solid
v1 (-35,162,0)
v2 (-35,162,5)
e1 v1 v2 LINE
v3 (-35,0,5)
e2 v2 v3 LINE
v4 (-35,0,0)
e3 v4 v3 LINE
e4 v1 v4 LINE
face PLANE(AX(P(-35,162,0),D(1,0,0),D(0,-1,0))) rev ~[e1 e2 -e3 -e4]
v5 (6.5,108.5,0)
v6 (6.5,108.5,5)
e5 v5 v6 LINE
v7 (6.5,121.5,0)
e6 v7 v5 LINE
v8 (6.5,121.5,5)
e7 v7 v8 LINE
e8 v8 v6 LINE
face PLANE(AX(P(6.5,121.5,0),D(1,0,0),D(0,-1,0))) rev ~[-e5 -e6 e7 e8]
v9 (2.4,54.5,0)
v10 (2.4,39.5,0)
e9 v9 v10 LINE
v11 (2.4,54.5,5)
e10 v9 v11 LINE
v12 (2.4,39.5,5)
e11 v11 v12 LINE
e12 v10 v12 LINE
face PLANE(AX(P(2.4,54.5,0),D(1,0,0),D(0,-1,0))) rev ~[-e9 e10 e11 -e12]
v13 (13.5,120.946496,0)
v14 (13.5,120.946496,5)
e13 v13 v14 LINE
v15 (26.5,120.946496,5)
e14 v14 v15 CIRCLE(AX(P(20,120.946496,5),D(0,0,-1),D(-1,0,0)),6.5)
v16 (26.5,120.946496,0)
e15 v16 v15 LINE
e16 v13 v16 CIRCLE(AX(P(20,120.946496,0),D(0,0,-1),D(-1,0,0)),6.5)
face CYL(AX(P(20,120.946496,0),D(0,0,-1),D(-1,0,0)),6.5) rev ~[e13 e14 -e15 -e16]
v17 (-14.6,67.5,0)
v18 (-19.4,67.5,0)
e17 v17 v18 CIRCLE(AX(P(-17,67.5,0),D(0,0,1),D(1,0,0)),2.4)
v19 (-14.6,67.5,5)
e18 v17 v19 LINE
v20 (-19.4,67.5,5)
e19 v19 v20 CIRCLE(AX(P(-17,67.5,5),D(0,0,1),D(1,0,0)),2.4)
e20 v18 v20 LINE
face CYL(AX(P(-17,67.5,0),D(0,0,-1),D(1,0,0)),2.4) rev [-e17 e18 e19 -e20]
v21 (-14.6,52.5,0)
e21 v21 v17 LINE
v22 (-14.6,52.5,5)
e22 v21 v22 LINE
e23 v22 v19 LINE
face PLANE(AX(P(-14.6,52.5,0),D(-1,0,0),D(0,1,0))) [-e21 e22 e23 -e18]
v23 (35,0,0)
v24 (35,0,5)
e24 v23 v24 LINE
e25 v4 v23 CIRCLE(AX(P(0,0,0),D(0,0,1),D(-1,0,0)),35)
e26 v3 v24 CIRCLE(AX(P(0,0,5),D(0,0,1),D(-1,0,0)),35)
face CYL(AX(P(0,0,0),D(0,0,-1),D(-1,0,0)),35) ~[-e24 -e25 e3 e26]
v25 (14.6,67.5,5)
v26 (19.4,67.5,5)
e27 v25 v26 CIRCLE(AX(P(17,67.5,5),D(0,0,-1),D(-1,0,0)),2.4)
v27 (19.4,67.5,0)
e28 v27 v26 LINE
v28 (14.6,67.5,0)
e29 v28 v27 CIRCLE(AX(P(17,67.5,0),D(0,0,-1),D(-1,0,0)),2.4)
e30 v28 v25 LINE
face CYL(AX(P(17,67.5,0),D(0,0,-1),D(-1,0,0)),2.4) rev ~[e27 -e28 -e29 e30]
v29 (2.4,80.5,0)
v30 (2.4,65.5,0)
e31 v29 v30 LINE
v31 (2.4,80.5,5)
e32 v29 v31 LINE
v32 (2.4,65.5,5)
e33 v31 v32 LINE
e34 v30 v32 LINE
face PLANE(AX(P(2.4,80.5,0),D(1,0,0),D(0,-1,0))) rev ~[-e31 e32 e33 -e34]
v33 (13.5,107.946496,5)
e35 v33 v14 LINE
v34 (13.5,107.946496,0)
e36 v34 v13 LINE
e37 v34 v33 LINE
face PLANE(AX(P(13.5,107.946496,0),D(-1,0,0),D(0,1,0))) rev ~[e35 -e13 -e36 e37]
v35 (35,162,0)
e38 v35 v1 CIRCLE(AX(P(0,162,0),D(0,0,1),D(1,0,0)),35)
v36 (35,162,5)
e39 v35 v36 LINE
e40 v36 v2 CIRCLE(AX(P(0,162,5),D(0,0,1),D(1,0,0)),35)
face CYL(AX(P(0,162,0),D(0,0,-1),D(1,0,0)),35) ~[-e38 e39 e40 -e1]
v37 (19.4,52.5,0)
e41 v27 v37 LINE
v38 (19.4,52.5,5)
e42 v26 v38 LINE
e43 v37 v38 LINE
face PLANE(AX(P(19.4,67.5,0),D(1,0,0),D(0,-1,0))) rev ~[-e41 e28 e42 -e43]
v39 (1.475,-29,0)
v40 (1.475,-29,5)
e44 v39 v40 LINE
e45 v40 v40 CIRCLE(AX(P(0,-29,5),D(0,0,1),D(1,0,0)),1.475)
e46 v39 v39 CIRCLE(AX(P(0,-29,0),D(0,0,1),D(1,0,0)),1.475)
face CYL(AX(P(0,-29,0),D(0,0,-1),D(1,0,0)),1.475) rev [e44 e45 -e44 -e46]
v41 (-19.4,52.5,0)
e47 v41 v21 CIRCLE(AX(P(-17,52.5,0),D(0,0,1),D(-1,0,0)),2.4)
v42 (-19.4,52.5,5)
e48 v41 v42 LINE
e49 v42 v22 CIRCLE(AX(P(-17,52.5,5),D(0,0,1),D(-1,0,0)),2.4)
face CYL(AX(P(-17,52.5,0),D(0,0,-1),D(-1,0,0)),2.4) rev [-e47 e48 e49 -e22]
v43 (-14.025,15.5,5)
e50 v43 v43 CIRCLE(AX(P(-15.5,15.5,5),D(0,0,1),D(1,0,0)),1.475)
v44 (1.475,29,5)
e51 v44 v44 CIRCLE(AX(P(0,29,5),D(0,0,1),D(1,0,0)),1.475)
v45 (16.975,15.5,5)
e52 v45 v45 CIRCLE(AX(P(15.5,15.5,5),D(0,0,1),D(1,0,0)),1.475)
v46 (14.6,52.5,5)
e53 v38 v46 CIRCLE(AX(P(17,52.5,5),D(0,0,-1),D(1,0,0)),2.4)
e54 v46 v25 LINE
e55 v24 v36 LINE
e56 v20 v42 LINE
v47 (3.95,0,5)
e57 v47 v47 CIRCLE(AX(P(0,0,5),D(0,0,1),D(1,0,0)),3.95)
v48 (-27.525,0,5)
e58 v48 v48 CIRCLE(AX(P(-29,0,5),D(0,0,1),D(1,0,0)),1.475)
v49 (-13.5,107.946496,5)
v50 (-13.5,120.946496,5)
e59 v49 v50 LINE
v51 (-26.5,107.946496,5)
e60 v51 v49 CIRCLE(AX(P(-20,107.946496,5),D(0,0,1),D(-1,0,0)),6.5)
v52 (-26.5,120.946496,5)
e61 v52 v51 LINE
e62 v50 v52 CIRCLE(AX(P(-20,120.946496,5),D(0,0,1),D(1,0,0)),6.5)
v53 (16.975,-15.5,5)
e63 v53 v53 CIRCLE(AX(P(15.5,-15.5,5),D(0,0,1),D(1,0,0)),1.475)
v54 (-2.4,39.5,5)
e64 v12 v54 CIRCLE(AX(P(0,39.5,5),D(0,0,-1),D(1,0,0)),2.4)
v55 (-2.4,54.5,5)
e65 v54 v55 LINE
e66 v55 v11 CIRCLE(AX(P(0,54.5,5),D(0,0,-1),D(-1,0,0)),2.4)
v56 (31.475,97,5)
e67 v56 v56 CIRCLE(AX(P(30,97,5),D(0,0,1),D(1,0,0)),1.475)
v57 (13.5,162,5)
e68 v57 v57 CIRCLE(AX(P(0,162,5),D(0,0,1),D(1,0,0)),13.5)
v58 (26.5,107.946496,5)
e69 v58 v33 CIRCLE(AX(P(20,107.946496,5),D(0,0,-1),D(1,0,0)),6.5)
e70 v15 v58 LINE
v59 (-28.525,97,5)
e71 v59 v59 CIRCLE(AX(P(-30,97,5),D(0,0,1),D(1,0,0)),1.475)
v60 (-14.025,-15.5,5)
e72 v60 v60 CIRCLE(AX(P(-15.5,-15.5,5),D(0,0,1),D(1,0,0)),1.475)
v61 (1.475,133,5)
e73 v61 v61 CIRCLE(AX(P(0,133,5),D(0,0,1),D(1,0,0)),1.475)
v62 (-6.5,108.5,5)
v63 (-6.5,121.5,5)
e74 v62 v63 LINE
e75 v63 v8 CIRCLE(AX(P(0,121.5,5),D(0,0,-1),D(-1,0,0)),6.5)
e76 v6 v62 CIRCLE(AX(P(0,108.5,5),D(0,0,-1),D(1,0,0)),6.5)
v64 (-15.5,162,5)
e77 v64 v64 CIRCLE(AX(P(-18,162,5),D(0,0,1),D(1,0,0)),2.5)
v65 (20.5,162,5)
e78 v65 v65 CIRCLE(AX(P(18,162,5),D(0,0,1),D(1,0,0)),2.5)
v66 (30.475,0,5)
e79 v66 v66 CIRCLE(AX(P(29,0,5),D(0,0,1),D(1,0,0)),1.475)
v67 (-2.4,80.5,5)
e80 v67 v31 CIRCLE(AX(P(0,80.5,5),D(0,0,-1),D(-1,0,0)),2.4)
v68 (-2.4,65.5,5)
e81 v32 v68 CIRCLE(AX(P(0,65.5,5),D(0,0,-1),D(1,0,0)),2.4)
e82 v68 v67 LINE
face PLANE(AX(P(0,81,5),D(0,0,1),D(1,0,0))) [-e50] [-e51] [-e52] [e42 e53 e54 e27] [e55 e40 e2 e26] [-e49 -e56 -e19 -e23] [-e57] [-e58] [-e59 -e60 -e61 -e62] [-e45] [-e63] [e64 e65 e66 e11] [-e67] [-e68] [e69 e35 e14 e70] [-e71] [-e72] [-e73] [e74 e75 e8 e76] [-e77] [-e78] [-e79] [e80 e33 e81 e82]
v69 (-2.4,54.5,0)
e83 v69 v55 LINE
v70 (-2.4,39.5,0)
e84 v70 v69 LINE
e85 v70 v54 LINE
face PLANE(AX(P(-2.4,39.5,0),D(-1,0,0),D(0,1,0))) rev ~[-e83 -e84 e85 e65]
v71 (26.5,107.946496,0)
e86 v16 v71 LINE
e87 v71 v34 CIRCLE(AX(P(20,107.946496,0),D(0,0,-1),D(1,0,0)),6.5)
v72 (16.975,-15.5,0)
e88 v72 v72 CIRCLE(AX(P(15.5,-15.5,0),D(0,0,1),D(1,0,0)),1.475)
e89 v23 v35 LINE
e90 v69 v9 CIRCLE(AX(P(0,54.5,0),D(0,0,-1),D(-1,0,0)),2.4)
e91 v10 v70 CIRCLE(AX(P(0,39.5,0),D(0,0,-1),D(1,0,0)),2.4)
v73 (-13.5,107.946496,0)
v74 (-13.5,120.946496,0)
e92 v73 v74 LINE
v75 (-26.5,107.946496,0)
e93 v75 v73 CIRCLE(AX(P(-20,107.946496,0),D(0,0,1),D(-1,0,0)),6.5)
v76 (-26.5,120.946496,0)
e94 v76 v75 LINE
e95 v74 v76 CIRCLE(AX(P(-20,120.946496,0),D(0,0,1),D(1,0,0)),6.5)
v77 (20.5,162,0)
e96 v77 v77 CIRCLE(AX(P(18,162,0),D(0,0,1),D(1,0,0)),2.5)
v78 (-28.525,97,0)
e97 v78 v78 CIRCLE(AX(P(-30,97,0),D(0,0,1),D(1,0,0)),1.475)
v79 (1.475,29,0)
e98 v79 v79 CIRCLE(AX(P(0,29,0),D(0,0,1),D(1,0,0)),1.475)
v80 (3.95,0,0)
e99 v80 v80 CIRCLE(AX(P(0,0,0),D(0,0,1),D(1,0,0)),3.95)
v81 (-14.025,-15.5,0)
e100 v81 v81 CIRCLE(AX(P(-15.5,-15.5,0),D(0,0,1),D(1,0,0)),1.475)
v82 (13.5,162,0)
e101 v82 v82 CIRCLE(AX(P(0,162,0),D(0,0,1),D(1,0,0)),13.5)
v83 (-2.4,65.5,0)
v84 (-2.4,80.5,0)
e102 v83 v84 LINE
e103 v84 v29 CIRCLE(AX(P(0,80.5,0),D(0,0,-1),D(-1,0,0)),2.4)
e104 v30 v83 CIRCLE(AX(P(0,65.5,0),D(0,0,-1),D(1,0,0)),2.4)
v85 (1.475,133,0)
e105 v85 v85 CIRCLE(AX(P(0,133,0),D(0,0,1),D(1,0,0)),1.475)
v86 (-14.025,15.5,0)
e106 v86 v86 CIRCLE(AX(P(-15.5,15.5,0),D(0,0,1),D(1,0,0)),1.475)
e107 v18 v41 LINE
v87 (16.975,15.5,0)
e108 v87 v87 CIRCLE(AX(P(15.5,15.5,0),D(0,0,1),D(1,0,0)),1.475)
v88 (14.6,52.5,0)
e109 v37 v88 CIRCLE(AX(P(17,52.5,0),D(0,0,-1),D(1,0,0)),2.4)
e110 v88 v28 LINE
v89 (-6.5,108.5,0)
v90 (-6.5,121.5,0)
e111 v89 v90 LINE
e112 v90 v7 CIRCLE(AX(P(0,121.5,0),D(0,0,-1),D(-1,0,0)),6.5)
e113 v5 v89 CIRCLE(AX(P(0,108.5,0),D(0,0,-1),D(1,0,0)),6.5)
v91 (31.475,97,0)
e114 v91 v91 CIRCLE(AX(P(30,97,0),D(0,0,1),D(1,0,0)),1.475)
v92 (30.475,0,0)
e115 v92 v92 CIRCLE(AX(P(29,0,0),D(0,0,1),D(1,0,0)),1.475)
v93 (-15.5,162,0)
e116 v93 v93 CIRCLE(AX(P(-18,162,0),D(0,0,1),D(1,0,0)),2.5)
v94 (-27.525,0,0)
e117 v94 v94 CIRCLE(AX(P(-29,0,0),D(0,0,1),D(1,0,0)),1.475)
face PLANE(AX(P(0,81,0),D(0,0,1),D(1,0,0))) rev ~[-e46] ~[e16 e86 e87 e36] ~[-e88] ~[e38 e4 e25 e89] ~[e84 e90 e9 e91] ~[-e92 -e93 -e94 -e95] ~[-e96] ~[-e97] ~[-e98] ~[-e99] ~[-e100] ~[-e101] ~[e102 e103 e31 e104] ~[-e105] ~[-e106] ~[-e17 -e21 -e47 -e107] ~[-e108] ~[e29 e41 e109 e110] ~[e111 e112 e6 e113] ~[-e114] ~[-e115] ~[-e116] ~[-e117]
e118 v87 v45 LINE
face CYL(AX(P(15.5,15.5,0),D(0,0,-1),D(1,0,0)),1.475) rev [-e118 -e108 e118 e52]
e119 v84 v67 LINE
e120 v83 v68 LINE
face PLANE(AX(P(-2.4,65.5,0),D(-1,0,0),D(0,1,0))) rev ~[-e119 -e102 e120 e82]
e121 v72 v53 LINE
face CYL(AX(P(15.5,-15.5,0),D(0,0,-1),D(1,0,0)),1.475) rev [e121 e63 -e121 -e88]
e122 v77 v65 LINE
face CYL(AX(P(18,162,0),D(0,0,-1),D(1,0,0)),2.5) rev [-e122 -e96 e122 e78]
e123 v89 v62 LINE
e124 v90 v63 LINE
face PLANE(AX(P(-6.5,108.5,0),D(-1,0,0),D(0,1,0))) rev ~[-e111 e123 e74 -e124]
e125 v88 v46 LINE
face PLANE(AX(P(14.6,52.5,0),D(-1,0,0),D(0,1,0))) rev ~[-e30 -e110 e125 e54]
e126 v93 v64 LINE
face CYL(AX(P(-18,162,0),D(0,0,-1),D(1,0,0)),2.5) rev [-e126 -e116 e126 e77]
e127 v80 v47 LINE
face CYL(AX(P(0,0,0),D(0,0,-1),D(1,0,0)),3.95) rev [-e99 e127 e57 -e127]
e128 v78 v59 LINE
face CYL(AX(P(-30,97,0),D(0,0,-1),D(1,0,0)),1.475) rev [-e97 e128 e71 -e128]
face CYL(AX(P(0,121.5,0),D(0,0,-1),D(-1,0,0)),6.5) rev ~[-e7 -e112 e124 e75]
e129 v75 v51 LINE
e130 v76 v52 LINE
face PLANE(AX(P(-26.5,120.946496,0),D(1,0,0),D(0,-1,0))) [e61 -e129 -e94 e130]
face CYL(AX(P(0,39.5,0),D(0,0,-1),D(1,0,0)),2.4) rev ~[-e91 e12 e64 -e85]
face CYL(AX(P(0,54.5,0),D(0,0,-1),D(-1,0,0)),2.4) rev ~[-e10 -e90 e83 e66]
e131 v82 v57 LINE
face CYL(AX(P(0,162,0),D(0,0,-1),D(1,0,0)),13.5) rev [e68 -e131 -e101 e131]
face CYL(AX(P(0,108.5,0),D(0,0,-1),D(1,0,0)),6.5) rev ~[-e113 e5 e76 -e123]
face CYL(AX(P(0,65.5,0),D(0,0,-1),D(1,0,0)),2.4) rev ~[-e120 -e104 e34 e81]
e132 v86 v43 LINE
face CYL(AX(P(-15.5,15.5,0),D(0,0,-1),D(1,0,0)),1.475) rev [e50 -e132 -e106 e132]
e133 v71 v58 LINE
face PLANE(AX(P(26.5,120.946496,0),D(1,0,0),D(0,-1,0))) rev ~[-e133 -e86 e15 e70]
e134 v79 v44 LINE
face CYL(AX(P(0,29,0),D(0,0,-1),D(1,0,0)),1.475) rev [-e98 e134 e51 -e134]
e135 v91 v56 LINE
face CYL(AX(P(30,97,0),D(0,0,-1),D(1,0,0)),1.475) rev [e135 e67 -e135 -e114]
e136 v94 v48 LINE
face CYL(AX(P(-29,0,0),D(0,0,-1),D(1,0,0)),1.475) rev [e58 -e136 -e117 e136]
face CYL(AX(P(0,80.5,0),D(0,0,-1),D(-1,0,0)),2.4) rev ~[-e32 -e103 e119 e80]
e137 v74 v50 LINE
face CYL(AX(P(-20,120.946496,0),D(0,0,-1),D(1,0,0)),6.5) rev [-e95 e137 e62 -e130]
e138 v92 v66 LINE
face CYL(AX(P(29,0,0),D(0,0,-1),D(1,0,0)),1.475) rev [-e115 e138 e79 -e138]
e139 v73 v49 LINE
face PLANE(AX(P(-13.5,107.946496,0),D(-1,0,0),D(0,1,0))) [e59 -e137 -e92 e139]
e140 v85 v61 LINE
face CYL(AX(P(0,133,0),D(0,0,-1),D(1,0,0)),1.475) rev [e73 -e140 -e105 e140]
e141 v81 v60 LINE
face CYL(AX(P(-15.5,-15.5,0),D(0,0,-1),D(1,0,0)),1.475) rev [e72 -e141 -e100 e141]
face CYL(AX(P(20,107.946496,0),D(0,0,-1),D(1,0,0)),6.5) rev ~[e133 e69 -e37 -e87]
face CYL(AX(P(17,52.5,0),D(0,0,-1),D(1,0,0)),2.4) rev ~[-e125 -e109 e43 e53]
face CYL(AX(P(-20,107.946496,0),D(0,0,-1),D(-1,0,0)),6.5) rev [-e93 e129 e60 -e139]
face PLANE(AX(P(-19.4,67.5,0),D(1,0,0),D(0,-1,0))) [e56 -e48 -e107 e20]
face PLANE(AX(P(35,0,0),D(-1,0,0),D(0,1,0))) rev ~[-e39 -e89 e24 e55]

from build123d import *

# Parameters (mm, degrees)
SKETCH1_R           = 3.95
SKETCH1_R_2         = 1.475
SKETCH1_R_3         = 13.5
SKETCH1_R_4         = 2.5
BOSS_EXTRUDE1_DEPTH = 5


with BuildPart() as part:
    # Sketch1 → Boss-Extrude1 (new body)
    with BuildSketch(Plane.XY):
        with BuildLine():
            Line((35, 0), (35, 162))
            ThreePointArc((35, 162), (0, 197), (-35, 162))
            Line((-35, 162), (-35, 0))
            ThreePointArc((-35, 0), (0, -35), (35, 0))
        make_face()
        Circle(SKETCH1_R, mode=Mode.SUBTRACT)
        with Locations((15.5, 15.5)):
            Circle(SKETCH1_R_2, mode=Mode.SUBTRACT)
        with Locations((15.5, -15.5)):
            Circle(SKETCH1_R_2, mode=Mode.SUBTRACT)
        with Locations((-15.5, -15.5)):
            Circle(SKETCH1_R_2, mode=Mode.SUBTRACT)
        with Locations((-15.5, 15.5)):
            Circle(SKETCH1_R_2, mode=Mode.SUBTRACT)
        with Locations((0, 29)):
            Circle(SKETCH1_R_2, mode=Mode.SUBTRACT)
        with Locations((0, 162)):
            Circle(SKETCH1_R_3, mode=Mode.SUBTRACT)
        with Locations((-18, 162)):
            Circle(SKETCH1_R_4, mode=Mode.SUBTRACT)
        with Locations((18, 162)):
            Circle(SKETCH1_R_4, mode=Mode.SUBTRACT)
        with Locations((0, 133)):
            Circle(SKETCH1_R_2, mode=Mode.SUBTRACT)
        with Locations((-30, 97)):
            Circle(SKETCH1_R_2, mode=Mode.SUBTRACT)
        with Locations((30, 97)):
            Circle(SKETCH1_R_2, mode=Mode.SUBTRACT)
        with Locations((29, 0)):
            Circle(SKETCH1_R_2, mode=Mode.SUBTRACT)
        with Locations((0, -29)):
            Circle(SKETCH1_R_2, mode=Mode.SUBTRACT)
        with Locations((-29, 0)):
            Circle(SKETCH1_R_2, mode=Mode.SUBTRACT)
        with BuildLine():
            Line((2.4, 54.5), (2.4, 39.5))
            ThreePointArc((2.4, 39.5), (0, 37.1), (-2.4, 39.5))
            Line((-2.4, 39.5), (-2.4, 54.5))
            ThreePointArc((-2.4, 54.5), (0, 56.9), (2.4, 54.5))
        make_face(mode=Mode.SUBTRACT)
        with BuildLine():
            Line((2.4, 80.5), (2.4, 65.5))
            ThreePointArc((2.4, 65.5), (0, 63.1), (-2.4, 65.5))
            Line((-2.4, 65.5), (-2.4, 80.5))
            ThreePointArc((-2.4, 80.5), (0, 82.9), (2.4, 80.5))
        make_face(mode=Mode.SUBTRACT)
        with BuildLine():
            Line((19.4, 67.5), (19.4, 52.5))
            ThreePointArc((19.4, 52.5), (17, 50.1), (14.6, 52.5))
            Line((14.6, 52.5), (14.6, 67.5))
            ThreePointArc((14.6, 67.5), (17, 69.9), (19.4, 67.5))
        make_face(mode=Mode.SUBTRACT)
        with BuildLine():
            Line((-19.4, 67.5), (-19.4, 52.5))
            ThreePointArc((-19.4, 52.5), (-17, 50.1), (-14.6, 52.5))
            Line((-14.6, 52.5), (-14.6, 67.5))
            ThreePointArc((-14.6, 67.5), (-17, 69.9), (-19.4, 67.5))
        make_face(mode=Mode.SUBTRACT)
        with BuildLine():
            Line((6.5, 121.5), (6.5, 108.5))
            ThreePointArc((6.5, 108.5), (0, 102), (-6.5, 108.5))
            Line((-6.5, 108.5), (-6.5, 121.5))
            ThreePointArc((-6.5, 121.5), (0, 128), (6.5, 121.5))
        make_face(mode=Mode.SUBTRACT)
        with BuildLine():
            Line((26.5, 120.946496324), (26.5, 107.946496324))
            ThreePointArc((26.5, 107.946496324), (20, 101.446496324), (13.5, 107.946496324))
            Line((13.5, 107.946496324), (13.5, 120.946496324))
            ThreePointArc((13.5, 120.946496324), (20, 127.446496324), (26.5, 120.946496324))
        make_face(mode=Mode.SUBTRACT)
        with BuildLine():
            Line((-26.5, 120.946496324), (-26.5, 107.946496324))
            ThreePointArc((-26.5, 107.946496324), (-20, 101.446496324), (-13.5, 107.946496324))
            Line((-13.5, 107.946496324), (-13.5, 120.946496324))
            ThreePointArc((-13.5, 120.946496324), (-20, 127.446496324), (-26.5, 120.946496324))
        make_face(mode=Mode.SUBTRACT)
    extrude(amount=BOSS_EXTRUDE1_DEPTH)


solid = part.part
